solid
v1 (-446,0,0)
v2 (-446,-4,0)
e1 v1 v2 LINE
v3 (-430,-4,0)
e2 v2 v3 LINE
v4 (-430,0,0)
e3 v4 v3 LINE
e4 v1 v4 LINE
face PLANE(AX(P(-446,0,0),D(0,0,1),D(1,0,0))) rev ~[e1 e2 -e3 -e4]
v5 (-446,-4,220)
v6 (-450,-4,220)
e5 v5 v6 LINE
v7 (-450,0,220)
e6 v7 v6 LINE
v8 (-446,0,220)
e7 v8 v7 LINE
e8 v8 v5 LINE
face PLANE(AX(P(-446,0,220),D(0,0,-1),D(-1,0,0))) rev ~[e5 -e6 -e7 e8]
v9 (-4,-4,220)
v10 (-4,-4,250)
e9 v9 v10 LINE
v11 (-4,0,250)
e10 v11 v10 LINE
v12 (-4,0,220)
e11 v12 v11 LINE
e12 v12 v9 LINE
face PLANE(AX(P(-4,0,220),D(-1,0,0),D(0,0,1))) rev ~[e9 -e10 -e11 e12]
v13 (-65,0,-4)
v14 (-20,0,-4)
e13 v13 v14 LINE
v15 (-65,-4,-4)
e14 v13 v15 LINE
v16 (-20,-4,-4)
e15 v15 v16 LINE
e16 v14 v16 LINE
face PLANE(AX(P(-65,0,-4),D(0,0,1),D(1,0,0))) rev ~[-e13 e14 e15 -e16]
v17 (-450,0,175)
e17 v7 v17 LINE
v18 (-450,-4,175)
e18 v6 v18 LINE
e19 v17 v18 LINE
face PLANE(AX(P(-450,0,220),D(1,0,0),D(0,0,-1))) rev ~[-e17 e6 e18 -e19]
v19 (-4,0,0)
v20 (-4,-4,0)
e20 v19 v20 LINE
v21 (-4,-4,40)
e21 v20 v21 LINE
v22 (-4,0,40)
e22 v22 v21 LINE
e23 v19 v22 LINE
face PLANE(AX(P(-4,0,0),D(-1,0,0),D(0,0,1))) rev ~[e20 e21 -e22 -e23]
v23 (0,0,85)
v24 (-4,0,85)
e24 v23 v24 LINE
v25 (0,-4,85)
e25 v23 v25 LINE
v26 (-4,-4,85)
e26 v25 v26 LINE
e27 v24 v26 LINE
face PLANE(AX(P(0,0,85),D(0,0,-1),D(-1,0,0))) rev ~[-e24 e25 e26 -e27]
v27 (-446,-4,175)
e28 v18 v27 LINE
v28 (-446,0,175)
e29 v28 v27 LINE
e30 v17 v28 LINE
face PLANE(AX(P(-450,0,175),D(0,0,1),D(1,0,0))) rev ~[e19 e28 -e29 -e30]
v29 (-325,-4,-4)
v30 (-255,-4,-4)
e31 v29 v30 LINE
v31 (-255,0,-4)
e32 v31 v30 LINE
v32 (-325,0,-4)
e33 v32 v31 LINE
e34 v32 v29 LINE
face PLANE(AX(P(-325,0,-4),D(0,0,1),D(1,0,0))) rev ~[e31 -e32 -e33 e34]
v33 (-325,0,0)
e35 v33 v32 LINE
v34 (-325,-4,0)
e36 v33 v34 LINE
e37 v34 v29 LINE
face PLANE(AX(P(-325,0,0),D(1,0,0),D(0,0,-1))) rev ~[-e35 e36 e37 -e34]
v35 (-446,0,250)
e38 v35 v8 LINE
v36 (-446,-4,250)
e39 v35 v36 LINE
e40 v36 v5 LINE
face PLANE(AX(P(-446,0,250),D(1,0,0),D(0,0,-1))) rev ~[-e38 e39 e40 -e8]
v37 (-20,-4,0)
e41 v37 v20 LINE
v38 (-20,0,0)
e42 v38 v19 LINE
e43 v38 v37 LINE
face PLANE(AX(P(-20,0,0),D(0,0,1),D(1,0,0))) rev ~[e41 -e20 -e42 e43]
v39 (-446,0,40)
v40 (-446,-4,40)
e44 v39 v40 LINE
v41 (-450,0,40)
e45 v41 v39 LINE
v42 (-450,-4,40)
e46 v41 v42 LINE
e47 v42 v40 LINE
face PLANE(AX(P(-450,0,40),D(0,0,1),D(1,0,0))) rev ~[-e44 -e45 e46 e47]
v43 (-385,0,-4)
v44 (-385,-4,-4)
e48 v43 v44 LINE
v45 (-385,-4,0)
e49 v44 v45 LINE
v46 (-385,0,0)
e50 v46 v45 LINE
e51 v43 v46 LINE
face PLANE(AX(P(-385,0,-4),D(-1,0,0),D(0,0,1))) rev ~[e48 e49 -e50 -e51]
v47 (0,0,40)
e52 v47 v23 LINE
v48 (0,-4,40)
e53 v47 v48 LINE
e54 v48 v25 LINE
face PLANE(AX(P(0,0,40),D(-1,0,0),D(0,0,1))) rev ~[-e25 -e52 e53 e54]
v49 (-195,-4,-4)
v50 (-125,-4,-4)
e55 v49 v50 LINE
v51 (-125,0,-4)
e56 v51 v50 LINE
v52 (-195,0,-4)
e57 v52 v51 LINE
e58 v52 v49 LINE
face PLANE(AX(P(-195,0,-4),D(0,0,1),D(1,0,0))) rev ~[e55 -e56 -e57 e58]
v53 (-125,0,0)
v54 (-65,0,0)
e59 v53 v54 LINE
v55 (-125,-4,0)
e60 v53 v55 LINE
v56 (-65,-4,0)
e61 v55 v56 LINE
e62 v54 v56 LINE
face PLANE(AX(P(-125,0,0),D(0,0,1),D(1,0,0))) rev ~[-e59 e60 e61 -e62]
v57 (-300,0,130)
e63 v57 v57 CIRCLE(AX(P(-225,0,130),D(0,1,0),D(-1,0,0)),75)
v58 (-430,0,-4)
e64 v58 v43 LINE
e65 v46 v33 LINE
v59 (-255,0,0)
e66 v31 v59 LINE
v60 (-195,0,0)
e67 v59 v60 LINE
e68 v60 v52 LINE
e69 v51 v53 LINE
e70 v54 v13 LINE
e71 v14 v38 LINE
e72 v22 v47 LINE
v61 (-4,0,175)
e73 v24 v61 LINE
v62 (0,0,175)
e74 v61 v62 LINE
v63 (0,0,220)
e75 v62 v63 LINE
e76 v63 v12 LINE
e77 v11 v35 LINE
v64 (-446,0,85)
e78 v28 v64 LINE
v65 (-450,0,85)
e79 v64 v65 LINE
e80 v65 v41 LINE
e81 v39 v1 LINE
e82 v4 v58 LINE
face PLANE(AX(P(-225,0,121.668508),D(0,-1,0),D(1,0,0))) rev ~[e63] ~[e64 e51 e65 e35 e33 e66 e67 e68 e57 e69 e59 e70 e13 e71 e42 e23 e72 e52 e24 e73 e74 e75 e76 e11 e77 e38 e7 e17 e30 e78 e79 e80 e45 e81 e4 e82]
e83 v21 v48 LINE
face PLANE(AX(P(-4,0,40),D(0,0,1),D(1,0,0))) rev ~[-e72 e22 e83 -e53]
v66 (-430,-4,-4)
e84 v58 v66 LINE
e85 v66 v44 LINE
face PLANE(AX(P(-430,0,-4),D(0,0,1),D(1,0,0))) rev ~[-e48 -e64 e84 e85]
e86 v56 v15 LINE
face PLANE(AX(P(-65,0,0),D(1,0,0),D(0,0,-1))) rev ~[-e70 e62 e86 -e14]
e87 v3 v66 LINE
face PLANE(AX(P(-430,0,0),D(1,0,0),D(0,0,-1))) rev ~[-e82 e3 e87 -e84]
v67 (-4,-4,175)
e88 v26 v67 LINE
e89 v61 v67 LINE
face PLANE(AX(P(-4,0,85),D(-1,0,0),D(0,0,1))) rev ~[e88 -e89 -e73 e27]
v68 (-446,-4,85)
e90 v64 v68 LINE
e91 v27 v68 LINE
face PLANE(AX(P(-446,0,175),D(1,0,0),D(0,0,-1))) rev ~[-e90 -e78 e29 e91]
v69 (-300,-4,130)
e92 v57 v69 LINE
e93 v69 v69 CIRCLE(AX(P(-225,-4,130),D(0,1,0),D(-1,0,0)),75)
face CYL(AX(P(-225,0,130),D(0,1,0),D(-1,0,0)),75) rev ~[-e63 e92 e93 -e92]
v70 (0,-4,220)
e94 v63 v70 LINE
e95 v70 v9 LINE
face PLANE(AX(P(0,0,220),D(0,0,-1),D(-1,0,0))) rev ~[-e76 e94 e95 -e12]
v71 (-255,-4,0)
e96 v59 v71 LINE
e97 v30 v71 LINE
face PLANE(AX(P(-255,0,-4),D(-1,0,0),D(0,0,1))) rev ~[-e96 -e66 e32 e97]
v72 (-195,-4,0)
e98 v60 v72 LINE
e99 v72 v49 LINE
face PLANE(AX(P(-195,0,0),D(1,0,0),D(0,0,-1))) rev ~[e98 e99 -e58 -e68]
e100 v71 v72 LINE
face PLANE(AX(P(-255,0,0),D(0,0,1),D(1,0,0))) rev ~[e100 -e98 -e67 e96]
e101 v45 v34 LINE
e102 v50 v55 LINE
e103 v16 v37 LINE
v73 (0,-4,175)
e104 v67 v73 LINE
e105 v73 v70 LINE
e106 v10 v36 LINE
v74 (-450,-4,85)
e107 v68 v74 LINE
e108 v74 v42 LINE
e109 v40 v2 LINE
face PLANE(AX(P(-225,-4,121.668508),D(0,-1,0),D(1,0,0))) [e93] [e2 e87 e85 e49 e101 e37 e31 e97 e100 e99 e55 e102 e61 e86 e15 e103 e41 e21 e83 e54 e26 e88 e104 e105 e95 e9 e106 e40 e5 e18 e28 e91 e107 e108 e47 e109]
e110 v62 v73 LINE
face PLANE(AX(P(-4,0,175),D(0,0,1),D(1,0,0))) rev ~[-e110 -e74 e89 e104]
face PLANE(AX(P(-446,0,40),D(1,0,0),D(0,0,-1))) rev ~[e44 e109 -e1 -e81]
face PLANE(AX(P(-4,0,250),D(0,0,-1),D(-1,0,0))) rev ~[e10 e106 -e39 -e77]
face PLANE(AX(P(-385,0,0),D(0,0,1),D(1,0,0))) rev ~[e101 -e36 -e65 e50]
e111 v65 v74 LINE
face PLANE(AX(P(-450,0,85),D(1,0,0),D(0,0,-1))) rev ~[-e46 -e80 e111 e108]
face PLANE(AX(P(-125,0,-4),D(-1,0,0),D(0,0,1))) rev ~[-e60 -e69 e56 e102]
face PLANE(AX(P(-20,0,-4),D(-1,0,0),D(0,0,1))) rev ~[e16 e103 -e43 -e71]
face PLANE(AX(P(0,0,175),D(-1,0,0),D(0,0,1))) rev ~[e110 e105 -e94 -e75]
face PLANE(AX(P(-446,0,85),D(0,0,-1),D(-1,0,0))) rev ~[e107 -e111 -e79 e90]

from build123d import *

# Parameters (mm, degrees)
F1_DEPTH = 4
F2_R     = 75
F3_DEPTH = 25


with BuildPart() as f1:
    # F0 (on Front) → F1 (new body)
    with BuildSketch(Plane.XZ):
        Polygon((-20, 0), (-4, 0), (-4, 40), (0, 40), (0, 85), (-4, 85), (-4, 175), (0, 175), (0, 220), (-4, 220), (-4, 250), (-446, 250), (-446, 220), (-450, 220), (-450, 175), (-446, 175), (-446, 85), (-450, 85), (-450, 40), (-446, 40), (-446, 0), (-430, 0), (-430, -4), (-385, -4), (-385, 0), (-325, 0), (-325, -4), (-255, -4), (-255, 0), (-195, 0), (-195, -4), (-125, -4), (-125, 0), (-65, 0), (-65, -4), (-20, -4), align=None)
    extrude(amount=F1_DEPTH)

    # F2 (on face) → F3 (cut)
    with BuildSketch(Plane(origin=(0, 0, 0), x_dir=(-1, 0, 0), z_dir=(0, 1, 0))):
        with Locations((225, 130)):
            Circle(F2_R)
    extrude(amount=-F3_DEPTH, mode=Mode.SUBTRACT)


solid = f1.part
